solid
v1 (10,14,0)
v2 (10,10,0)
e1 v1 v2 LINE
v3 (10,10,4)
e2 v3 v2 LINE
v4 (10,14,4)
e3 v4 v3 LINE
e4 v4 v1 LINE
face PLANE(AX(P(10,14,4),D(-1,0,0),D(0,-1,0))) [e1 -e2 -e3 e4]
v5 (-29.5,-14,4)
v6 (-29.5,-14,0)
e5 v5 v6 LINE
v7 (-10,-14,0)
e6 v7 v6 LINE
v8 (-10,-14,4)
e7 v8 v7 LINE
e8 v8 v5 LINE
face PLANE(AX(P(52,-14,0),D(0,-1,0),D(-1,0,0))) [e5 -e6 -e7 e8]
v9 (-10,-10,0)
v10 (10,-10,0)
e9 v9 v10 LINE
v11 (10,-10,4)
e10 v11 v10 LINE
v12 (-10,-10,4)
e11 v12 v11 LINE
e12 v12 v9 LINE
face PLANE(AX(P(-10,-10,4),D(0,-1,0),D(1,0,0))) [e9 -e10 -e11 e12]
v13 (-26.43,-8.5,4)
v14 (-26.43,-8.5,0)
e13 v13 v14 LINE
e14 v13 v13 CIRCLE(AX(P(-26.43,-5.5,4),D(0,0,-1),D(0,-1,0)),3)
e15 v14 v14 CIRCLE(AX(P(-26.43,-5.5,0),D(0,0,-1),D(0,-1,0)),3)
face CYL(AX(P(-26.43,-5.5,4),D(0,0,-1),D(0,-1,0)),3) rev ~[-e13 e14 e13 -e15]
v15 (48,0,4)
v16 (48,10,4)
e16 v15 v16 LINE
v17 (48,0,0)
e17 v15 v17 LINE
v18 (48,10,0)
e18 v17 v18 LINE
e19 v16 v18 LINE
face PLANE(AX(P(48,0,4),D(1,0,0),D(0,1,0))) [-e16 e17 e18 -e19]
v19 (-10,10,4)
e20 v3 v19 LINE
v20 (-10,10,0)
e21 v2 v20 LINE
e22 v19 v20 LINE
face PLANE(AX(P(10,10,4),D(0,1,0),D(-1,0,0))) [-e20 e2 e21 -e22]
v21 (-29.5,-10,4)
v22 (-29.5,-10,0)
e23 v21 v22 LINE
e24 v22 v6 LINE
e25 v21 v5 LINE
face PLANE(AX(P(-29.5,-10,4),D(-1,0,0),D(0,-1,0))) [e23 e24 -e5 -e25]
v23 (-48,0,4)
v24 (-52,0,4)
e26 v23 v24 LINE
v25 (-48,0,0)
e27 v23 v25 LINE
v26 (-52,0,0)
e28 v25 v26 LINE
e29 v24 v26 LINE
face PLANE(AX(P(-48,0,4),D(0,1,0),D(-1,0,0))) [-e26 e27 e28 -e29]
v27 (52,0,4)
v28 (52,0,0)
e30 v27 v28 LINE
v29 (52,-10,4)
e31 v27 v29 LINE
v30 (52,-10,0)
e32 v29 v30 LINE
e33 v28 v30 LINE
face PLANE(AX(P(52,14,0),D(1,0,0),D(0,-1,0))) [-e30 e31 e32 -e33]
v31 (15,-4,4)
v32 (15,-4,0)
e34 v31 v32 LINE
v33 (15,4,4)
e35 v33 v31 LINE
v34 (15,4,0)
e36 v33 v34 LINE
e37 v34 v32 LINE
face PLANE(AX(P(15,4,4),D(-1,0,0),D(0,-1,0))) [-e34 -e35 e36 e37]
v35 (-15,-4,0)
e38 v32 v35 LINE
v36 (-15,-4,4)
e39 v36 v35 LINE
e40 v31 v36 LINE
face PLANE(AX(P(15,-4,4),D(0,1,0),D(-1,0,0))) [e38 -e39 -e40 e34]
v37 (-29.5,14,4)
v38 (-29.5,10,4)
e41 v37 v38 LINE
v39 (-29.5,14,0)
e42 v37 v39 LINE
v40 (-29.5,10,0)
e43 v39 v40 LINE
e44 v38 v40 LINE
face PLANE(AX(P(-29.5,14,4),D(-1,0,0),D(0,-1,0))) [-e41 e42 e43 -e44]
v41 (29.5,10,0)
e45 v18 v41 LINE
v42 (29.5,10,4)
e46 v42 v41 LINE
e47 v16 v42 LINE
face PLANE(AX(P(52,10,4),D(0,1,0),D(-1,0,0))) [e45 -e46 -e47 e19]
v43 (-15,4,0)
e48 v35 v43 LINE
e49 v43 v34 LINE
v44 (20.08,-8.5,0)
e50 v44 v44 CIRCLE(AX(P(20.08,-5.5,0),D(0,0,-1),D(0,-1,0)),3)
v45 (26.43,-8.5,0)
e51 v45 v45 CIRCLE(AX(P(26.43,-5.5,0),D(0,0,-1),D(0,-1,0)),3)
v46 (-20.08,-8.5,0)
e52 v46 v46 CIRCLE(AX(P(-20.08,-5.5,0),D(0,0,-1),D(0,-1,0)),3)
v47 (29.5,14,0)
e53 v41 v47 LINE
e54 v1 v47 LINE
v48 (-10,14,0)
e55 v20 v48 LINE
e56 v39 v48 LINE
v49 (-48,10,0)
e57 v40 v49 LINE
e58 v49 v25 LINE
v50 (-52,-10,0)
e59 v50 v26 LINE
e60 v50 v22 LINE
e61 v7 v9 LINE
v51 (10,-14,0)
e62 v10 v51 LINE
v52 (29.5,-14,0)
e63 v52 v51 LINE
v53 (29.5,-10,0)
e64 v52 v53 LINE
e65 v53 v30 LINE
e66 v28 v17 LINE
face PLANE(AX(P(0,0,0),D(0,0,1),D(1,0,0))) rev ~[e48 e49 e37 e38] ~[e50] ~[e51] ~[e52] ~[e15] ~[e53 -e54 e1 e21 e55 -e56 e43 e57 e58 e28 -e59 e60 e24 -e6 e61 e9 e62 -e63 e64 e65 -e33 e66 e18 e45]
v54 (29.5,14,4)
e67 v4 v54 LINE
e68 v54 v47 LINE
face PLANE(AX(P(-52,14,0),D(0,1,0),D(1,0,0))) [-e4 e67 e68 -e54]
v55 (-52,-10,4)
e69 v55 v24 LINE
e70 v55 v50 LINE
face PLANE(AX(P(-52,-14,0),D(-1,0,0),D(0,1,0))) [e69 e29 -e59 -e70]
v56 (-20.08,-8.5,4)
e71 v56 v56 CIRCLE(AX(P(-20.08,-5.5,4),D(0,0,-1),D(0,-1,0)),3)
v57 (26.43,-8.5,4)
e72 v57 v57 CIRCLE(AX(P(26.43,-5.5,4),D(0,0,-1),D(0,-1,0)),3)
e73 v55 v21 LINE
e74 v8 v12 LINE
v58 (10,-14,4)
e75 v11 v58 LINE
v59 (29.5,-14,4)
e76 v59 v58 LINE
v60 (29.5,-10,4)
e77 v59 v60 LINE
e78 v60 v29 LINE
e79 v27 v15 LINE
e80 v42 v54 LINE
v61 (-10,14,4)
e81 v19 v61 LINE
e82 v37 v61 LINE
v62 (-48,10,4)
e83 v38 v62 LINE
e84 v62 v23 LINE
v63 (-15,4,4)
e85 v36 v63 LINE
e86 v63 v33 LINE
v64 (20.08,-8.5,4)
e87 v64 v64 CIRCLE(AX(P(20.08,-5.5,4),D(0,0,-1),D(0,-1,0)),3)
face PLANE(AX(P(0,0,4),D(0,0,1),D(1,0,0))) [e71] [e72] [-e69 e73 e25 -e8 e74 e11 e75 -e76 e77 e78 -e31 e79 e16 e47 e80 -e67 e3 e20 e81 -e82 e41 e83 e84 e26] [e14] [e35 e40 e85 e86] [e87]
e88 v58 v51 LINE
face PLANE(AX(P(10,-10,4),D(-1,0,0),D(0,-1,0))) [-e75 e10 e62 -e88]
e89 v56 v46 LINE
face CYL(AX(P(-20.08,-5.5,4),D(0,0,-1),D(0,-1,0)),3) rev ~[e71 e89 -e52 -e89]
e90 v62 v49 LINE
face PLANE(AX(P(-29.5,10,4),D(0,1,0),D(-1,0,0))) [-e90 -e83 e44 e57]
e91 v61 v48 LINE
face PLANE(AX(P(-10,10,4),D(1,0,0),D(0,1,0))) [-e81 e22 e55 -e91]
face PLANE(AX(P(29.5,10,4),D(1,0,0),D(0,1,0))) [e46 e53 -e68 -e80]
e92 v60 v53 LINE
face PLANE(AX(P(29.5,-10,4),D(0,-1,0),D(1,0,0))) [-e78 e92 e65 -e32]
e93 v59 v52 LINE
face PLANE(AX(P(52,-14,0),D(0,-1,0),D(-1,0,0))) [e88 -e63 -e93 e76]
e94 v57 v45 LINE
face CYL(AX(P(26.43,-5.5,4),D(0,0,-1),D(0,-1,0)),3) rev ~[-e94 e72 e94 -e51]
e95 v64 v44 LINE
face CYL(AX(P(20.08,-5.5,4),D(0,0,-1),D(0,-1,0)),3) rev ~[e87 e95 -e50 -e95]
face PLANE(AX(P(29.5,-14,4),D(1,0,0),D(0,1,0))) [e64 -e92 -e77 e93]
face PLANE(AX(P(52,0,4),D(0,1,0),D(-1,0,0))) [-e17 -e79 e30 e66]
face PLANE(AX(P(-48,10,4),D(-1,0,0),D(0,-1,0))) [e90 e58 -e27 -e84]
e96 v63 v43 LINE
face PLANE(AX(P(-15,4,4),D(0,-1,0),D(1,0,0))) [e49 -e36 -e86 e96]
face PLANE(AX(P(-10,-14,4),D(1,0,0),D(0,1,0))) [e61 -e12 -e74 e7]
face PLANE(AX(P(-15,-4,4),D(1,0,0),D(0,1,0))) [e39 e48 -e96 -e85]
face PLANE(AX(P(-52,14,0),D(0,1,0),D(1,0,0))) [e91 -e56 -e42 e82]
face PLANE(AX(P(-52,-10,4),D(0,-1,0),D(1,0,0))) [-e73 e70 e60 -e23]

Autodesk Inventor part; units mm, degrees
ref_plane "YZ Plane" through (0, 0, 0) normal (1, 0, 0) x (0, 1, 0)
ref_plane "XZ Plane" through (0, 0, 0) normal (0, 1, 0) x (-1, 0, 0)
ref_plane "XY Plane" through (0, 0, 0) normal (0, 0, 1) x (1, 0, 0)
sketch "Sketch1" plane through (0, 0, 0) normal (0, 0, 1) x (1, 0, 0)
  line L0 (-52, 14) -> (52, 14)
  line L1 (52, 14) -> (52, -14)
  line L2 (52, -14) -> (-52, -14)
  line L3 (-52, -14) -> (-52, 14)
  point P0 (0, 0)
  dimension "d0" = 104
  dimension "d1" = 28
  dimension "d2" = 52
  dimension "d3" = 14
extrude "Base" add sketch "Sketch1" along normal blind 4
sketch "Sketch2" plane through (0, 0, 4) normal (0, 0, 1) x (1, 0, 0)
  line L0 (52, 14) -> (52, -14) projected
  line L1 (-52, 14) -> (52, 14) projected
  line L2 (-52, -14) -> (-52, 14) projected
  line L3 (52, -14) -> (-52, -14) projected
  line L4 (-52, 14) -> (-29.5, 14)
  line L5 (-29.5, 14) -> (-29.5, 10)
  line L6 (-29.5, 10) -> (-52, 10)
  line L7 (-52, 10) -> (-52, 14)
  line L8 (-52, -10) -> (-29.5, -10)
  line L9 (-29.5, -10) -> (-29.5, -14)
  line L10 (-29.5, -14) -> (-52, -14)
  line L11 (-52, -14) -> (-52, -10)
  line L12 (29.5, -10) -> (52, -10)
  line L13 (52, -10) -> (52, -14)
  line L14 (52, -14) -> (29.5, -14)
  line L15 (29.5, -14) -> (29.5, -10)
  line L16 (29.5, 14) -> (52, 14)
  line L17 (52, 14) -> (52, 10)
  line L18 (52, 10) -> (29.5, 10)
  line L19 (29.5, 10) -> (29.5, 14)
  line L20 (-10, 14) -> (10, 14)
  line L21 (10, 14) -> (10, 10)
  line L22 (10, 10) -> (-10, 10)
  line L23 (-10, 10) -> (-10, 14)
  line L24 (-10, -10) -> (10, -10)
  line L25 (10, -10) -> (10, -14)
  line L26 (10, -14) -> (-10, -14)
  line L27 (-10, -14) -> (-10, -10)
  point P0 (0, 0)
  dimension "d26" = 22.5
  dimension "d27" = 4
  dimension "d28" = 22.5
  dimension "d29" = 4
  dimension "d30" = 22.5
  dimension "d31" = 4
  dimension "d32" = 22.5
  dimension "d33" = 4
  dimension "d34" = 20
  dimension "d35" = 4
  dimension "d36" = 20
  dimension "d37" = 4
  dimension "d38" = 0
  dimension "d39" = 0
  dimension "d40" = 0
  dimension "d41" = 10
  dimension "d42" = 0
  dimension "d43" = 0
  dimension "d44" = 0
  dimension "d45" = 0
  dimension "d46" = 10
  dimension "d47" = 0
  dimension "d48" = 0
  dimension "d49" = 4
extrude "PlatformsPattern" cut sketch "Sketch2" against normal blind 4 contours L0 L18 L19 L1 | L0 L3 L15 L12 | L21 L22 L23 L1 | L5 L6 L2 L1 | L3 L27 L24 L25 | L3 L2 L8 L9
sketch "Sketch3" plane through (0, 0, 4) normal (0, 0, 1) x (1, 0, 0)
  line L0 (52, 10) -> (52, -10) projected
  line L1 (52, 10) -> (29.5, 10) projected
  line L2 (-29.5, 10) -> (-52, 10) projected
  line L3 (-52, -10) -> (-52, 10) projected
  line L4 (-52, 10) -> (-48, 10)
  line L5 (-48, 10) -> (-48, 0)
  line L6 (-48, 0) -> (-52, 0)
  line L7 (-52, 0) -> (-52, 10)
  line L8 (48, 10) -> (52, 10)
  line L9 (52, 10) -> (52, 0)
  line L10 (52, 0) -> (48, 0)
  line L11 (48, 0) -> (48, 10)
  point P0 (0, 0)
  dimension "d52" = 4
  dimension "d53" = 10
  dimension "d54" = 4
  dimension "d55" = 10
  dimension "d56" = 0
  dimension "d57" = 0
  dimension "d58" = 0
  dimension "d59" = 0
extrude "Sleeves" cut sketch "Sketch3" against normal blind 4
sketch "Sketch4" plane through (0, 0, 4) normal (0, 0, 1) x (1, 0, 0)
  line L0 (-15, 4) -> (15, 4)
  line L1 (15, 4) -> (15, -4)
  line L2 (15, -4) -> (-15, -4)
  line L3 (-15, -4) -> (-15, 4)
  point P0 (0, 0)
  dimension "d62" = 30
  dimension "d63" = 8
  dimension "d66" = 4
  dimension "d72" = 15
extrude "Cabling" cut sketch "Sketch4" against normal blind 4
sketch "Sketch5" plane through (0, 0, 4) normal (0, 0, 1) x (1, 0, 0)
  line L0 (15, 4) -> (15, -4) projected
  line L1 (52, 0) -> (48, 0) projected
  line L2 (29.5, -10) -> (52, -10) projected
  line L3 (52, 0) -> (52, -10) projected
  line L4 (0, 13.359) -> (0, -17.1065) construction
  point P0 (0, 0)
  point P1 (20.08, -5.5)
  point P2 (26.43, -5.5)
  point P3 (-20.08, -5.5)
  point P4 (-26.43, -5.5)
  dimension "d75" = 5.08
  dimension "d76" = 6.35
  dimension "d78" = 4.5
  dimension "d79" = 5.5
hole "ESCCutout" at (20.08, -5.5, 4) at (26.43, -5.5, 4) at (-20.08, -5.5, 4) at (-26.43, -5.5, 4) direction (0, 0, -1) diameter 6 end through all
properties part number "ShortMiddleStructure"
